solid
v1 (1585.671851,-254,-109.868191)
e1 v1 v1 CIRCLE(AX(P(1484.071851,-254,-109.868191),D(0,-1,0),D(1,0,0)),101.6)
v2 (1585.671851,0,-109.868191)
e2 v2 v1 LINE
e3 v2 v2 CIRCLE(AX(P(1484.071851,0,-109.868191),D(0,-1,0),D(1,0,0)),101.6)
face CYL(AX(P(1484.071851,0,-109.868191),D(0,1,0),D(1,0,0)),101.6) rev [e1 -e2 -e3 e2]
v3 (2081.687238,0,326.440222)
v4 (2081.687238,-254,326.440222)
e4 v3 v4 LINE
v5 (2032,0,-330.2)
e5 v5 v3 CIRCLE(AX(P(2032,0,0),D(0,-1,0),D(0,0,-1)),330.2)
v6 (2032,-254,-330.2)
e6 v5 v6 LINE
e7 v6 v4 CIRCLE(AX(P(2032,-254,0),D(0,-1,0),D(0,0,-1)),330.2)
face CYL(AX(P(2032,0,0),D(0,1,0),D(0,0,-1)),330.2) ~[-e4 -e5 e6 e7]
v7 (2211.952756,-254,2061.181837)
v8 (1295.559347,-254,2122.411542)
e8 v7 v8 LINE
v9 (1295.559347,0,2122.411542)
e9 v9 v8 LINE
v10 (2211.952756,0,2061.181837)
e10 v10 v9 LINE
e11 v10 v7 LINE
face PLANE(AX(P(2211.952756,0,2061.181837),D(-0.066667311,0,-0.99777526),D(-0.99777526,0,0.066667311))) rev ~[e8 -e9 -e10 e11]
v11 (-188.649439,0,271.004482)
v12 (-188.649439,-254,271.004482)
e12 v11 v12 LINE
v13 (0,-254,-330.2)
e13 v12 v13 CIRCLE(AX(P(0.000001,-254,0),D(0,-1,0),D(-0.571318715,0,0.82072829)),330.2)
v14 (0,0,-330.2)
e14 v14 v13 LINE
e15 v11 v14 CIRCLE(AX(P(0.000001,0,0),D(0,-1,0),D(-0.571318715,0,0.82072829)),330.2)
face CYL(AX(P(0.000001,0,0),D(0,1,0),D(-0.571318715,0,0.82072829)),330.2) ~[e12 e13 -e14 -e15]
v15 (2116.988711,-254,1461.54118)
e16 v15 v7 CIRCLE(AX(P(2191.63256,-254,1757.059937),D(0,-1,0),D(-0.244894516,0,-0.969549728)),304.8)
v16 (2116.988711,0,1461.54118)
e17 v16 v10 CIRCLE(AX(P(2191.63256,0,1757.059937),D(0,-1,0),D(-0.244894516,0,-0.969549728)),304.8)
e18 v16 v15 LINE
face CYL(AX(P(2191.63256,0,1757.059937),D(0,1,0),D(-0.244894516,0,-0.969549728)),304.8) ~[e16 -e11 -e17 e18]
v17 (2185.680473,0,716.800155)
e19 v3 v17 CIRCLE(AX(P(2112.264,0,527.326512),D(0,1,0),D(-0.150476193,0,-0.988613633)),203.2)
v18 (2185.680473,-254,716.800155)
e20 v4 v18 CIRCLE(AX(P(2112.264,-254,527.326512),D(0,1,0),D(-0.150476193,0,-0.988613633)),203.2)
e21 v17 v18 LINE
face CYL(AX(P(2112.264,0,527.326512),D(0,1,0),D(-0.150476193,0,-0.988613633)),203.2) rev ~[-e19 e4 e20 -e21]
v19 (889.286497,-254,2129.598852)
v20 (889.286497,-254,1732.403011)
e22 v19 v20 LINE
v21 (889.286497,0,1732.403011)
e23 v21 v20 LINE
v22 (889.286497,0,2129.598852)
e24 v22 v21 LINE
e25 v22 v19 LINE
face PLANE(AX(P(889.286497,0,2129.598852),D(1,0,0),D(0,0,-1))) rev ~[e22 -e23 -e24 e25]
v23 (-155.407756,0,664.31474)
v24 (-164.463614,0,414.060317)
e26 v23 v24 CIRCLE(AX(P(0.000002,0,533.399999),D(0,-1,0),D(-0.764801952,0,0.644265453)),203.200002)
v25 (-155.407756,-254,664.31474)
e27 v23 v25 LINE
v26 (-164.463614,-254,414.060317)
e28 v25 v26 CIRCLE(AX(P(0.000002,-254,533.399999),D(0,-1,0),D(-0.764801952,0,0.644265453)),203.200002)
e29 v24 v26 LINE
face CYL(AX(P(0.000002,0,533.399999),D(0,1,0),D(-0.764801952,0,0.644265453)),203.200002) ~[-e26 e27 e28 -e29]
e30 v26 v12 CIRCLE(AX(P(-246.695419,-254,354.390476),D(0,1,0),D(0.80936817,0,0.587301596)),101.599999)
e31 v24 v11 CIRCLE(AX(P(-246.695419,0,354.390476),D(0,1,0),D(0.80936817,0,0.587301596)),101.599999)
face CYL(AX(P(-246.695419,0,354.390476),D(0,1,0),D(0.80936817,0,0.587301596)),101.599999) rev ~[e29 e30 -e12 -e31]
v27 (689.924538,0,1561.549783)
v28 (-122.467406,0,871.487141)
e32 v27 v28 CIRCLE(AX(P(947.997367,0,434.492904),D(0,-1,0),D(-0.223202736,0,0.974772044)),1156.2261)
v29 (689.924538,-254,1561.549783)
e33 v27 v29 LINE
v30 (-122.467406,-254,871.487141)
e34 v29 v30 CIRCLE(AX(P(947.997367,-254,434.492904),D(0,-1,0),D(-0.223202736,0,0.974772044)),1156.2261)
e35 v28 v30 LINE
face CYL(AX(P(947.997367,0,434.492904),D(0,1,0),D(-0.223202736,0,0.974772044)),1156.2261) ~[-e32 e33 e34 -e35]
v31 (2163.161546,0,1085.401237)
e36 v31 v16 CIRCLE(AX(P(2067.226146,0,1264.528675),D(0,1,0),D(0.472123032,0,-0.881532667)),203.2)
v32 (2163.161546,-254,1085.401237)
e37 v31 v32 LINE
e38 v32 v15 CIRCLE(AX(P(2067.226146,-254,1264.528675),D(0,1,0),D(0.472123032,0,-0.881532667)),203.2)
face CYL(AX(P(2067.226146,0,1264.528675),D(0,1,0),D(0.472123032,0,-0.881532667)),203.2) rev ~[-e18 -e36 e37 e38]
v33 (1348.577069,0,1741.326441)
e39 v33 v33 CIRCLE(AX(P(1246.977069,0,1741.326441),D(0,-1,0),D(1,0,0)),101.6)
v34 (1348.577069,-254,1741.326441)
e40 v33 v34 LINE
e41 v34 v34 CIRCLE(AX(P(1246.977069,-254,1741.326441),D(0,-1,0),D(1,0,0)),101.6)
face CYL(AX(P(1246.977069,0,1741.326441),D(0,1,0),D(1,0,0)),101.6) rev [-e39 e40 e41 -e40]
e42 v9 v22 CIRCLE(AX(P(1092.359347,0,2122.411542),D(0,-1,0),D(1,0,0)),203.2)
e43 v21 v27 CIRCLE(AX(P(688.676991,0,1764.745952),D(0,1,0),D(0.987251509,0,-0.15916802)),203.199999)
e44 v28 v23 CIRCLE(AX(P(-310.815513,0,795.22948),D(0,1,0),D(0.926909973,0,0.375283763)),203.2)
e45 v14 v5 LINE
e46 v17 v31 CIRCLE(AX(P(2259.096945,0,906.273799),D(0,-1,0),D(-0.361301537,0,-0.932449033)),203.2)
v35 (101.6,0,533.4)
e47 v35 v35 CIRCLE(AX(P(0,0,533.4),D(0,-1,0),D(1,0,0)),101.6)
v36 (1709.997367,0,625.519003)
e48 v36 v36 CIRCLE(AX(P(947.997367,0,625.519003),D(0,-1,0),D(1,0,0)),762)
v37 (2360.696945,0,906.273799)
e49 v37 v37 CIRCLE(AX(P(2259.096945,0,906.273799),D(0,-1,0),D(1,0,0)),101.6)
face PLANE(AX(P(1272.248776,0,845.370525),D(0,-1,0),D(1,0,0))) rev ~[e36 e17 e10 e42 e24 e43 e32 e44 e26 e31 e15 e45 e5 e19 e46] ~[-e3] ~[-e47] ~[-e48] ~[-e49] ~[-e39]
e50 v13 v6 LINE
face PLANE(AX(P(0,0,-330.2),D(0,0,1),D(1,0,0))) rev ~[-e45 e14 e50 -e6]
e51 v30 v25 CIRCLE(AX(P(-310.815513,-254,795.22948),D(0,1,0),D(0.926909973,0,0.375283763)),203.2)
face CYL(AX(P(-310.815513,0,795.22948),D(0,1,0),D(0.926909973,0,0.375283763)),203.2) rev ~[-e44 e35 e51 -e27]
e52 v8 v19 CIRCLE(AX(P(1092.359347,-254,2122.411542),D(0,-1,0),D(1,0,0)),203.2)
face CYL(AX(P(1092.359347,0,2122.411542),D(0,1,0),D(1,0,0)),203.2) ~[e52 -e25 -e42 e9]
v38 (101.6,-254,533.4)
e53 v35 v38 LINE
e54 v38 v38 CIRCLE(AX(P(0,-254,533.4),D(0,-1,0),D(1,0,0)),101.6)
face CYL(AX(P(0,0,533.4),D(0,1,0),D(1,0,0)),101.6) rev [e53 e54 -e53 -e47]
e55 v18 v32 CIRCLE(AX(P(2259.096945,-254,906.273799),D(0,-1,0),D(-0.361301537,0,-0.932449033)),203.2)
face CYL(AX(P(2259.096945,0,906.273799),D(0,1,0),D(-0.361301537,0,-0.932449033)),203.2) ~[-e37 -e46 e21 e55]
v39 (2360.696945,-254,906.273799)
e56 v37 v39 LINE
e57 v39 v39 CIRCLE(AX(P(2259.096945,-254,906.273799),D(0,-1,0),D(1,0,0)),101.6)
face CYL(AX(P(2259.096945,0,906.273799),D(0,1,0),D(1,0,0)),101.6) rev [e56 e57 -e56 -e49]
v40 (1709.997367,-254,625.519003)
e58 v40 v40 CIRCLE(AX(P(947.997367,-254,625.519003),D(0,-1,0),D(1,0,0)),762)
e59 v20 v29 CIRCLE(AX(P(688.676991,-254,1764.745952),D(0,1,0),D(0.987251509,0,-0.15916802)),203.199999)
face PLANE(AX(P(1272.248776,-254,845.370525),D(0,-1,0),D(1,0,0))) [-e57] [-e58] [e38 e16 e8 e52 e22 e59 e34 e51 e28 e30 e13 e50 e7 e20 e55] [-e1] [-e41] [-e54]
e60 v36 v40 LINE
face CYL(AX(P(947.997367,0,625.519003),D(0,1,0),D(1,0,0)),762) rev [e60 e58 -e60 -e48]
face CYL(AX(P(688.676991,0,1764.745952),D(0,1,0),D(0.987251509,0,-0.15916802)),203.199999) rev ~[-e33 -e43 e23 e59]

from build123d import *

# Parameters (mm, degrees)
F0_R     = 101.6
F0_R_2   = 762
F1_DEPTH = 254


with BuildPart() as f1:
    # F0 (on Front) → F1 (new body)
    with BuildSketch(Plane.XZ):
        with BuildLine():
            ThreePointArc((-164.463614, 414.060317), (-146.517042, 337.453755), (-188.649439, 271.004482))
            ThreePointArc((-188.649439, 271.004482), (-315.053741, -98.859395), (0, -330.2))
            Line((0, -330.2), (2032, -330.2))
            ThreePointArc((2032, -330.2), (2361.258714, -24.914642), (2081.687238, 326.440222))
            ThreePointArc((2081.687238, 326.440222), (1915.9122, 579.63531), (2185.680473, 716.800155))
            ThreePointArc((2185.680473, 716.800155), (2461.918797, 918.664784), (2163.161546, 1085.401237))
            ThreePointArc((2163.161546, 1085.401237), (1865.540032, 1239.770817), (2116.988711, 1461.54118))
            ThreePointArc((2116.988711, 1461.54118), (2492.680719, 1709.383466), (2211.952756, 2061.181837))
            Line((2211.952756, 2061.181837), (1295.559347, 2122.411542))
            ThreePointArc((1295.559347, 2122.411542), (1095.953564, 2325.579752), (889.286497, 2129.598852))
            Line((889.286497, 2129.598852), (889.286497, 2115.224233))
            Line((889.286497, 2115.224233), (889.286497, 1732.403011))
            ThreePointArc((889.286497, 1732.403011), (820.905104, 1610.454132), (689.924538, 1561.549783))
            ThreePointArc((689.924538, 1561.549783), (199.465703, 1315.718835), (-122.467406, 871.487141))
            ThreePointArc((-122.467406, 871.487141), (-110.136355, 763.321554), (-155.407756, 664.31474))
            ThreePointArc((-155.407756, 664.31474), (-203.067088, 540.748308), (-164.463614, 414.060317))
        make_face()
        with Locations((0, 533.4)):
            Circle(F0_R, mode=Mode.SUBTRACT)
        with Locations((947.997367, 625.519003)):
            Circle(F0_R_2, mode=Mode.SUBTRACT)
        with Locations((1484.071851, -109.868191)):
            Circle(F0_R, mode=Mode.SUBTRACT)
        with Locations((2259.096945, 906.273799)):
            Circle(F0_R, mode=Mode.SUBTRACT)
        with Locations((1246.977069, 1741.326441)):
            Circle(F0_R, mode=Mode.SUBTRACT)
    extrude(amount=F1_DEPTH)


solid = f1.part
